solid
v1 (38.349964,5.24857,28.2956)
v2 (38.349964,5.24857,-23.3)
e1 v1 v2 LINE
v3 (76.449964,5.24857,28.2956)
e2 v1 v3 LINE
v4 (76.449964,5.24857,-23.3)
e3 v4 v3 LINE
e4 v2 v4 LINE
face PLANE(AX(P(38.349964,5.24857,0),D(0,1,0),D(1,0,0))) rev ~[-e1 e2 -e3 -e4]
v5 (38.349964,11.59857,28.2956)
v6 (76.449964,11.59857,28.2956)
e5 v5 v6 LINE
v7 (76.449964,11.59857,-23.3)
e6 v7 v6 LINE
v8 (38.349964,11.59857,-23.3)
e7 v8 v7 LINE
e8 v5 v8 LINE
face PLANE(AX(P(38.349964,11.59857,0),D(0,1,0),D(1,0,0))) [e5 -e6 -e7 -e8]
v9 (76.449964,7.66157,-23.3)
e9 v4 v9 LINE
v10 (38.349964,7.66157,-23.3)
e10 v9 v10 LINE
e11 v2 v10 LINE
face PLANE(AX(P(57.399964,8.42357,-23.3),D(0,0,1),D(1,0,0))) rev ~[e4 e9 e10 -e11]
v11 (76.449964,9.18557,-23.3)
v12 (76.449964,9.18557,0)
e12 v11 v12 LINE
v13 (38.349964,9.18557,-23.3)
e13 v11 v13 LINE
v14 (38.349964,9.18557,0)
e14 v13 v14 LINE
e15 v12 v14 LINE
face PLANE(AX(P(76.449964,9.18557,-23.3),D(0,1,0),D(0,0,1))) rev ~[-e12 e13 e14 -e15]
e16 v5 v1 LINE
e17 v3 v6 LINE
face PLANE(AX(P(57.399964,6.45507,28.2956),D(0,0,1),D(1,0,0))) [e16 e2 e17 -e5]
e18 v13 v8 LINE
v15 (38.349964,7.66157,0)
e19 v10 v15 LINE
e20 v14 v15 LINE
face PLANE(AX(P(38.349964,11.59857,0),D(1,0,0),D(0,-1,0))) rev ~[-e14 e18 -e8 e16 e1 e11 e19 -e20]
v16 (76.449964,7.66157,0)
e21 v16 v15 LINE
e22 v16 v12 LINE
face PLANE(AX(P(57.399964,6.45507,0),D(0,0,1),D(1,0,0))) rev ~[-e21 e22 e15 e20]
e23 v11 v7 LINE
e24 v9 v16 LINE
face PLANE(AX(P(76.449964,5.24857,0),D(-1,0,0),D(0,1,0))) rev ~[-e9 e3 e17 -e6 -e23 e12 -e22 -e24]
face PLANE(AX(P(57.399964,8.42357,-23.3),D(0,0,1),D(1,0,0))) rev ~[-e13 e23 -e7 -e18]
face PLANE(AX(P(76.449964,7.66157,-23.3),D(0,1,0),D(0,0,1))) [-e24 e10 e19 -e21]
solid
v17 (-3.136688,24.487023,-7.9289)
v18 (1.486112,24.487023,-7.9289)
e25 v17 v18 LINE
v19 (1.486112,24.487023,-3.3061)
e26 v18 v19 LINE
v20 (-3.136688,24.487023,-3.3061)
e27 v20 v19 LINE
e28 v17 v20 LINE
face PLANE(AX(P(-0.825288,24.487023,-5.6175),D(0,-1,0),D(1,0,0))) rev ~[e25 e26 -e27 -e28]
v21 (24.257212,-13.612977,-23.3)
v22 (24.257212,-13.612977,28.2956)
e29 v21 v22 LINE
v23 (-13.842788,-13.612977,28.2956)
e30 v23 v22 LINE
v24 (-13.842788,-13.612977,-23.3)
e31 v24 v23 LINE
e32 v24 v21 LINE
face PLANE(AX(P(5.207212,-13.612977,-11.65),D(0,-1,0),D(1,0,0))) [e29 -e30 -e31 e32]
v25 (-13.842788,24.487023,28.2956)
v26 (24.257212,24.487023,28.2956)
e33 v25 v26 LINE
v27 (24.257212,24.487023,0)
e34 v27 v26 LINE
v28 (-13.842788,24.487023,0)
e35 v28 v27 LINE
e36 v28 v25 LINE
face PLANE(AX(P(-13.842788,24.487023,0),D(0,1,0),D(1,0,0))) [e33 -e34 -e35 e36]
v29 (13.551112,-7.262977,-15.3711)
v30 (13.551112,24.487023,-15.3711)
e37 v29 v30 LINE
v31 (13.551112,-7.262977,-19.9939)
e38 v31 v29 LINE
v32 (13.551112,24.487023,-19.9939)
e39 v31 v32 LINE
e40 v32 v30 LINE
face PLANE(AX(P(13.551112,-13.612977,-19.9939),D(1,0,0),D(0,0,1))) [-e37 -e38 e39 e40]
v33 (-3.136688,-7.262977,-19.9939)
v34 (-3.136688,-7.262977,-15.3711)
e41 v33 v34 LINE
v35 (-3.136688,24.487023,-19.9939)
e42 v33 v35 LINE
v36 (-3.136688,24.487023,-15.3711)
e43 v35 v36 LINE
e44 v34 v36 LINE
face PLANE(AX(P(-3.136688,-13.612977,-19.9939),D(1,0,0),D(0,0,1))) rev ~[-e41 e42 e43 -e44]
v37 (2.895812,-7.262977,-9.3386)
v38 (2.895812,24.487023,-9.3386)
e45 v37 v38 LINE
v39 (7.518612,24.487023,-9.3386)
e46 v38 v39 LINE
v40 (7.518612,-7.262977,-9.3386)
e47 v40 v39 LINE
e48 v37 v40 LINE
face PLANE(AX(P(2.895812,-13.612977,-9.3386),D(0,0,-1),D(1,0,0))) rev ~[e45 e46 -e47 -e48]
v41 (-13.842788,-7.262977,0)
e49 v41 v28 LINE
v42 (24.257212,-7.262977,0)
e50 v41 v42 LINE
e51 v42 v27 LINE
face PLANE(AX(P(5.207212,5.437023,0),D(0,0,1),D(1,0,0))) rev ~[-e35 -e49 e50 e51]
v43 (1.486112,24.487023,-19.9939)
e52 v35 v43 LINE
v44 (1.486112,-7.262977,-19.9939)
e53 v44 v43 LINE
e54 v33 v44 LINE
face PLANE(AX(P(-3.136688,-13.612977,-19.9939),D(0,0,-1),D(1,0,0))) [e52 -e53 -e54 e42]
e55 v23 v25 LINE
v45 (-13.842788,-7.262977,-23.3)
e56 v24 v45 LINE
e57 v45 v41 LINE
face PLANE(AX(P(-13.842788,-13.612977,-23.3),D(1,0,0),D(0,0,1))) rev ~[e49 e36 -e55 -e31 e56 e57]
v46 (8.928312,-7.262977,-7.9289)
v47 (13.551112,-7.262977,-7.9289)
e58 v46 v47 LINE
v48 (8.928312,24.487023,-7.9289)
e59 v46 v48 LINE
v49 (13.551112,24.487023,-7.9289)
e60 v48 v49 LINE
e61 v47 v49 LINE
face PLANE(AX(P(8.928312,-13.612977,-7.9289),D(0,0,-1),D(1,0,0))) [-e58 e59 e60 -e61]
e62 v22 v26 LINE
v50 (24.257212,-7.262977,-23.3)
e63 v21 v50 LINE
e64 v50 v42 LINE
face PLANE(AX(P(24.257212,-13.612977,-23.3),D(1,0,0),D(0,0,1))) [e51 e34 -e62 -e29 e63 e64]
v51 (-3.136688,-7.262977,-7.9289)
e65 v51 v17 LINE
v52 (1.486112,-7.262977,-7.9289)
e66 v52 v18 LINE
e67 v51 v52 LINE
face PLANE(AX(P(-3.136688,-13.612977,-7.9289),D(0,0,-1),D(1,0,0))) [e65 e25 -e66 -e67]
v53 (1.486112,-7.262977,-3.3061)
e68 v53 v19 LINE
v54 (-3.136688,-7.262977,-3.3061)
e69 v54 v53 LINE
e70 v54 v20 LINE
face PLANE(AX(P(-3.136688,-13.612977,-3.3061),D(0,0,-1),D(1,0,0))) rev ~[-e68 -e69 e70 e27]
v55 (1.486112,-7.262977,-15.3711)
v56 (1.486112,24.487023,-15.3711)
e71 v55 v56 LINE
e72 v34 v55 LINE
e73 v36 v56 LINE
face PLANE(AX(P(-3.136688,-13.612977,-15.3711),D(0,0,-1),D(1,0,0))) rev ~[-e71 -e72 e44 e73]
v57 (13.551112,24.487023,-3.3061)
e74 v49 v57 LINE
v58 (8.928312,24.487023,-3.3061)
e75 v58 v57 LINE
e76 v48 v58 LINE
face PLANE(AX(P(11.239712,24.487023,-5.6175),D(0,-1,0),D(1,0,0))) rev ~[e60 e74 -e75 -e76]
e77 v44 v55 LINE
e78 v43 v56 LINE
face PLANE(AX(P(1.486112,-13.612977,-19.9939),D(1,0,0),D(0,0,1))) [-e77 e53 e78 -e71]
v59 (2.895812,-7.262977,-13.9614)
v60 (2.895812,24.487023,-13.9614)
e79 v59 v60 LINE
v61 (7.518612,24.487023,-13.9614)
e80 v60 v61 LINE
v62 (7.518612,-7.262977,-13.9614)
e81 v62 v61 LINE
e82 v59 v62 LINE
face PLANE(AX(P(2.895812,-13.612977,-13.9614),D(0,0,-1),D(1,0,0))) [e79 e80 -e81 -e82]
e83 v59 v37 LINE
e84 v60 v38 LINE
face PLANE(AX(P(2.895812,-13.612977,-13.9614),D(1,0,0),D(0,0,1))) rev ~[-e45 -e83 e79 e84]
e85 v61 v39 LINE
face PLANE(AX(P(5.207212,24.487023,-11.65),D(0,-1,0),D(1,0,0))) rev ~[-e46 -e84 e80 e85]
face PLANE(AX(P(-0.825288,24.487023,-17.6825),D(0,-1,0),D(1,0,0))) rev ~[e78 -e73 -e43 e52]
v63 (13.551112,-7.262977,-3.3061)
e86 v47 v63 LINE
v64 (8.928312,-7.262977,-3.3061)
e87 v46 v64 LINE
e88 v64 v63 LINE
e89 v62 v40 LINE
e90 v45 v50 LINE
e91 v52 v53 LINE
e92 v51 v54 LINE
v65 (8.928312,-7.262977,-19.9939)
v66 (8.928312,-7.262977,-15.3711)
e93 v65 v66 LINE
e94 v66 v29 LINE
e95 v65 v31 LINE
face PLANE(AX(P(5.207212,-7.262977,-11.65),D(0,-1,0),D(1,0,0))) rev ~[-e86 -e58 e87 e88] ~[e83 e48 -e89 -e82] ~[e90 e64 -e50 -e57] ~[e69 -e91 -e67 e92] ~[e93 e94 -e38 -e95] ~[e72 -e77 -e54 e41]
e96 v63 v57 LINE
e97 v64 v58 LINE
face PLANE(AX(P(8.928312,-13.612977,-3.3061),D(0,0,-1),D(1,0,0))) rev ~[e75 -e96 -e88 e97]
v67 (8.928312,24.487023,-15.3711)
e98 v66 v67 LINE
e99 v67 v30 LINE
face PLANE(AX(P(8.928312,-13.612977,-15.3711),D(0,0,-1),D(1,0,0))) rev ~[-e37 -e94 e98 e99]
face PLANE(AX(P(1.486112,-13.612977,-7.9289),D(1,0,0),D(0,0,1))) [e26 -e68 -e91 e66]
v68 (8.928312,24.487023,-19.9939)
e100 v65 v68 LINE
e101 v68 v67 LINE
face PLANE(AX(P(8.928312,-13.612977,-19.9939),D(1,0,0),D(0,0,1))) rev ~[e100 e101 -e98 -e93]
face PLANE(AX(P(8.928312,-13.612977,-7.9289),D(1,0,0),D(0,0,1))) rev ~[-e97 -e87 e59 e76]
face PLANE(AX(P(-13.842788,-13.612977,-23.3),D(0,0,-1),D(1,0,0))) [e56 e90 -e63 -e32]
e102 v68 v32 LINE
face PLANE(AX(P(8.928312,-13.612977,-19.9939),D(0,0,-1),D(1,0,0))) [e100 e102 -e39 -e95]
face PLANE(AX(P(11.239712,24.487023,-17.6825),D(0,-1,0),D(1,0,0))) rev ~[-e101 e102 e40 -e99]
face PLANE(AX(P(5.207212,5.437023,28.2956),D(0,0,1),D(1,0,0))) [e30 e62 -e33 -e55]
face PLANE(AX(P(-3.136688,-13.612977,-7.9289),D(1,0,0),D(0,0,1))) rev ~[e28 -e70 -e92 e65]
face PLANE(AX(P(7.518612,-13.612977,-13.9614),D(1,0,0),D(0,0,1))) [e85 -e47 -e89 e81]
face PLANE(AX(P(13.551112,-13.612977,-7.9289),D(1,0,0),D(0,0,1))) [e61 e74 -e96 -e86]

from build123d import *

# Parameters (mm, degrees)
F0_W      = 38.1
F0_H      = 38.1
F1_DEPTH  = 28.2956
F2_W      = 4.6228
F2_H      = 4.6228
F3_DEPTH  = 38.1
F2_W_2    = 38.1
F2_H_2    = 23.3
F4_DEPTH  = 6.35
F5_W      = 38.1
F5_H      = 6.35
F6_DEPTH  = 23.3
F7_W      = 1.524
F7_H      = 23.3
F8_DEPTH  = 90.2937514673
F9_W      = 38.1
F9_H      = 2.413
F9_H_2    = 3.937
F10_DEPTH = 28.2956


with BuildPart() as f1:
    # F0 (on Top) → F1 (new body)
    with BuildSketch(Plane.XY):
        with Locations((5.2072124928, 5.4370228503)):
            Rectangle(F0_W, F0_H)
    extrude(amount=F1_DEPTH)



with BuildPart() as f3:
    # F2 (on face) → F3 (new body)
    with BuildSketch(Plane.XZ.offset(13.6129771497)):
        with Locations((11.2397124928, -5.6175)):
            Rectangle(F2_W, F2_H)
    extrude(amount=-F3_DEPTH)


with BuildPart() as f3b:
    # F2 (on face) → F3, piece 2 (new body)
    with BuildSketch(Plane.XZ.offset(13.6129771497)):
        with Locations((-0.8252875072, -5.6175)):
            Rectangle(F2_W, F2_H)
    extrude(amount=-F3_DEPTH)


with BuildPart() as f3c:
    # F2 (on face) → F3, piece 3 (new body)
    with BuildSketch(Plane.XZ.offset(13.6129771497)):
        with Locations((5.2072124928, -11.65)):
            Rectangle(F2_W, F2_H)
    extrude(amount=-F3_DEPTH)


with BuildPart() as f3d:
    # F2 (on face) → F3, piece 4 (new body)
    with BuildSketch(Plane.XZ.offset(13.6129771497)):
        with Locations((11.2397124928, -17.6825)):
            Rectangle(F2_W, F2_H)
    extrude(amount=-F3_DEPTH)


with BuildPart() as f3e:
    # F2 (on face) → F3, piece 5 (new body)
    with BuildSketch(Plane.XZ.offset(13.6129771497)):
        with Locations((-0.8252875072, -17.6825)):
            Rectangle(F2_W, F2_H)
    extrude(amount=-F3_DEPTH)


with BuildPart() as f1_1:
    add(f1.part)

    add(f3.part)  # F4 merges F3

    add(f3b.part)  # F4 merges F3b

    add(f3c.part)  # F4 merges F3c

    add(f3d.part)  # F4 merges F3d

    add(f3e.part)  # F4 merges F3e
    # F2 (on face) → F4 (join)
    with BuildSketch(Plane.XZ.offset(13.6129771497)):
        with Locations((5.2072124928, -11.65)):
            Rectangle(F2_W_2, F2_H_2)
        with Locations((-0.8252875072, -17.6825)):
            Rectangle(F2_W, F2_H, mode=Mode.SUBTRACT)
        with Locations((-0.8252875072, -5.6175)):
            Rectangle(F2_W, F2_H, mode=Mode.SUBTRACT)
        with Locations((11.2397124928, -17.6825)):
            Rectangle(F2_W, F2_H, mode=Mode.SUBTRACT)
        with Locations((5.2072124928, -11.65)):
            Rectangle(F2_W, F2_H, mode=Mode.SUBTRACT)
        with Locations((11.2397124928, -5.6175)):
            Rectangle(F2_W, F2_H, mode=Mode.SUBTRACT)
    extrude(amount=-F4_DEPTH)


with BuildPart() as f6:
    # F5 (on Top) → F6 (new body)
    with BuildSketch(Plane.XY):
        with Locations((57.3999639601, 8.4235698427)):
            Rectangle(F5_W, F5_H)
    extrude(amount=-F6_DEPTH)

    # F7 (on face) → F8 (cut, through all)
    with BuildSketch(Plane.YZ.offset(76.4499639601)):
        with Locations((8.4235698427, -11.65)):
            Rectangle(F7_W, F7_H)
    extrude(amount=-F8_DEPTH, mode=Mode.SUBTRACT)

    # F9 (on face) → F10 (join)
    with BuildSketch(Plane.XY):
        with Locations((57.3999639601, 6.4550698427)):
            Rectangle(F9_W, F9_H)
        with Locations((57.3999639601, 9.6300698427)):
            Rectangle(F9_W, F9_H_2)
    extrude(amount=F10_DEPTH)


solid = Compound([f1_1.part, f6.part])
